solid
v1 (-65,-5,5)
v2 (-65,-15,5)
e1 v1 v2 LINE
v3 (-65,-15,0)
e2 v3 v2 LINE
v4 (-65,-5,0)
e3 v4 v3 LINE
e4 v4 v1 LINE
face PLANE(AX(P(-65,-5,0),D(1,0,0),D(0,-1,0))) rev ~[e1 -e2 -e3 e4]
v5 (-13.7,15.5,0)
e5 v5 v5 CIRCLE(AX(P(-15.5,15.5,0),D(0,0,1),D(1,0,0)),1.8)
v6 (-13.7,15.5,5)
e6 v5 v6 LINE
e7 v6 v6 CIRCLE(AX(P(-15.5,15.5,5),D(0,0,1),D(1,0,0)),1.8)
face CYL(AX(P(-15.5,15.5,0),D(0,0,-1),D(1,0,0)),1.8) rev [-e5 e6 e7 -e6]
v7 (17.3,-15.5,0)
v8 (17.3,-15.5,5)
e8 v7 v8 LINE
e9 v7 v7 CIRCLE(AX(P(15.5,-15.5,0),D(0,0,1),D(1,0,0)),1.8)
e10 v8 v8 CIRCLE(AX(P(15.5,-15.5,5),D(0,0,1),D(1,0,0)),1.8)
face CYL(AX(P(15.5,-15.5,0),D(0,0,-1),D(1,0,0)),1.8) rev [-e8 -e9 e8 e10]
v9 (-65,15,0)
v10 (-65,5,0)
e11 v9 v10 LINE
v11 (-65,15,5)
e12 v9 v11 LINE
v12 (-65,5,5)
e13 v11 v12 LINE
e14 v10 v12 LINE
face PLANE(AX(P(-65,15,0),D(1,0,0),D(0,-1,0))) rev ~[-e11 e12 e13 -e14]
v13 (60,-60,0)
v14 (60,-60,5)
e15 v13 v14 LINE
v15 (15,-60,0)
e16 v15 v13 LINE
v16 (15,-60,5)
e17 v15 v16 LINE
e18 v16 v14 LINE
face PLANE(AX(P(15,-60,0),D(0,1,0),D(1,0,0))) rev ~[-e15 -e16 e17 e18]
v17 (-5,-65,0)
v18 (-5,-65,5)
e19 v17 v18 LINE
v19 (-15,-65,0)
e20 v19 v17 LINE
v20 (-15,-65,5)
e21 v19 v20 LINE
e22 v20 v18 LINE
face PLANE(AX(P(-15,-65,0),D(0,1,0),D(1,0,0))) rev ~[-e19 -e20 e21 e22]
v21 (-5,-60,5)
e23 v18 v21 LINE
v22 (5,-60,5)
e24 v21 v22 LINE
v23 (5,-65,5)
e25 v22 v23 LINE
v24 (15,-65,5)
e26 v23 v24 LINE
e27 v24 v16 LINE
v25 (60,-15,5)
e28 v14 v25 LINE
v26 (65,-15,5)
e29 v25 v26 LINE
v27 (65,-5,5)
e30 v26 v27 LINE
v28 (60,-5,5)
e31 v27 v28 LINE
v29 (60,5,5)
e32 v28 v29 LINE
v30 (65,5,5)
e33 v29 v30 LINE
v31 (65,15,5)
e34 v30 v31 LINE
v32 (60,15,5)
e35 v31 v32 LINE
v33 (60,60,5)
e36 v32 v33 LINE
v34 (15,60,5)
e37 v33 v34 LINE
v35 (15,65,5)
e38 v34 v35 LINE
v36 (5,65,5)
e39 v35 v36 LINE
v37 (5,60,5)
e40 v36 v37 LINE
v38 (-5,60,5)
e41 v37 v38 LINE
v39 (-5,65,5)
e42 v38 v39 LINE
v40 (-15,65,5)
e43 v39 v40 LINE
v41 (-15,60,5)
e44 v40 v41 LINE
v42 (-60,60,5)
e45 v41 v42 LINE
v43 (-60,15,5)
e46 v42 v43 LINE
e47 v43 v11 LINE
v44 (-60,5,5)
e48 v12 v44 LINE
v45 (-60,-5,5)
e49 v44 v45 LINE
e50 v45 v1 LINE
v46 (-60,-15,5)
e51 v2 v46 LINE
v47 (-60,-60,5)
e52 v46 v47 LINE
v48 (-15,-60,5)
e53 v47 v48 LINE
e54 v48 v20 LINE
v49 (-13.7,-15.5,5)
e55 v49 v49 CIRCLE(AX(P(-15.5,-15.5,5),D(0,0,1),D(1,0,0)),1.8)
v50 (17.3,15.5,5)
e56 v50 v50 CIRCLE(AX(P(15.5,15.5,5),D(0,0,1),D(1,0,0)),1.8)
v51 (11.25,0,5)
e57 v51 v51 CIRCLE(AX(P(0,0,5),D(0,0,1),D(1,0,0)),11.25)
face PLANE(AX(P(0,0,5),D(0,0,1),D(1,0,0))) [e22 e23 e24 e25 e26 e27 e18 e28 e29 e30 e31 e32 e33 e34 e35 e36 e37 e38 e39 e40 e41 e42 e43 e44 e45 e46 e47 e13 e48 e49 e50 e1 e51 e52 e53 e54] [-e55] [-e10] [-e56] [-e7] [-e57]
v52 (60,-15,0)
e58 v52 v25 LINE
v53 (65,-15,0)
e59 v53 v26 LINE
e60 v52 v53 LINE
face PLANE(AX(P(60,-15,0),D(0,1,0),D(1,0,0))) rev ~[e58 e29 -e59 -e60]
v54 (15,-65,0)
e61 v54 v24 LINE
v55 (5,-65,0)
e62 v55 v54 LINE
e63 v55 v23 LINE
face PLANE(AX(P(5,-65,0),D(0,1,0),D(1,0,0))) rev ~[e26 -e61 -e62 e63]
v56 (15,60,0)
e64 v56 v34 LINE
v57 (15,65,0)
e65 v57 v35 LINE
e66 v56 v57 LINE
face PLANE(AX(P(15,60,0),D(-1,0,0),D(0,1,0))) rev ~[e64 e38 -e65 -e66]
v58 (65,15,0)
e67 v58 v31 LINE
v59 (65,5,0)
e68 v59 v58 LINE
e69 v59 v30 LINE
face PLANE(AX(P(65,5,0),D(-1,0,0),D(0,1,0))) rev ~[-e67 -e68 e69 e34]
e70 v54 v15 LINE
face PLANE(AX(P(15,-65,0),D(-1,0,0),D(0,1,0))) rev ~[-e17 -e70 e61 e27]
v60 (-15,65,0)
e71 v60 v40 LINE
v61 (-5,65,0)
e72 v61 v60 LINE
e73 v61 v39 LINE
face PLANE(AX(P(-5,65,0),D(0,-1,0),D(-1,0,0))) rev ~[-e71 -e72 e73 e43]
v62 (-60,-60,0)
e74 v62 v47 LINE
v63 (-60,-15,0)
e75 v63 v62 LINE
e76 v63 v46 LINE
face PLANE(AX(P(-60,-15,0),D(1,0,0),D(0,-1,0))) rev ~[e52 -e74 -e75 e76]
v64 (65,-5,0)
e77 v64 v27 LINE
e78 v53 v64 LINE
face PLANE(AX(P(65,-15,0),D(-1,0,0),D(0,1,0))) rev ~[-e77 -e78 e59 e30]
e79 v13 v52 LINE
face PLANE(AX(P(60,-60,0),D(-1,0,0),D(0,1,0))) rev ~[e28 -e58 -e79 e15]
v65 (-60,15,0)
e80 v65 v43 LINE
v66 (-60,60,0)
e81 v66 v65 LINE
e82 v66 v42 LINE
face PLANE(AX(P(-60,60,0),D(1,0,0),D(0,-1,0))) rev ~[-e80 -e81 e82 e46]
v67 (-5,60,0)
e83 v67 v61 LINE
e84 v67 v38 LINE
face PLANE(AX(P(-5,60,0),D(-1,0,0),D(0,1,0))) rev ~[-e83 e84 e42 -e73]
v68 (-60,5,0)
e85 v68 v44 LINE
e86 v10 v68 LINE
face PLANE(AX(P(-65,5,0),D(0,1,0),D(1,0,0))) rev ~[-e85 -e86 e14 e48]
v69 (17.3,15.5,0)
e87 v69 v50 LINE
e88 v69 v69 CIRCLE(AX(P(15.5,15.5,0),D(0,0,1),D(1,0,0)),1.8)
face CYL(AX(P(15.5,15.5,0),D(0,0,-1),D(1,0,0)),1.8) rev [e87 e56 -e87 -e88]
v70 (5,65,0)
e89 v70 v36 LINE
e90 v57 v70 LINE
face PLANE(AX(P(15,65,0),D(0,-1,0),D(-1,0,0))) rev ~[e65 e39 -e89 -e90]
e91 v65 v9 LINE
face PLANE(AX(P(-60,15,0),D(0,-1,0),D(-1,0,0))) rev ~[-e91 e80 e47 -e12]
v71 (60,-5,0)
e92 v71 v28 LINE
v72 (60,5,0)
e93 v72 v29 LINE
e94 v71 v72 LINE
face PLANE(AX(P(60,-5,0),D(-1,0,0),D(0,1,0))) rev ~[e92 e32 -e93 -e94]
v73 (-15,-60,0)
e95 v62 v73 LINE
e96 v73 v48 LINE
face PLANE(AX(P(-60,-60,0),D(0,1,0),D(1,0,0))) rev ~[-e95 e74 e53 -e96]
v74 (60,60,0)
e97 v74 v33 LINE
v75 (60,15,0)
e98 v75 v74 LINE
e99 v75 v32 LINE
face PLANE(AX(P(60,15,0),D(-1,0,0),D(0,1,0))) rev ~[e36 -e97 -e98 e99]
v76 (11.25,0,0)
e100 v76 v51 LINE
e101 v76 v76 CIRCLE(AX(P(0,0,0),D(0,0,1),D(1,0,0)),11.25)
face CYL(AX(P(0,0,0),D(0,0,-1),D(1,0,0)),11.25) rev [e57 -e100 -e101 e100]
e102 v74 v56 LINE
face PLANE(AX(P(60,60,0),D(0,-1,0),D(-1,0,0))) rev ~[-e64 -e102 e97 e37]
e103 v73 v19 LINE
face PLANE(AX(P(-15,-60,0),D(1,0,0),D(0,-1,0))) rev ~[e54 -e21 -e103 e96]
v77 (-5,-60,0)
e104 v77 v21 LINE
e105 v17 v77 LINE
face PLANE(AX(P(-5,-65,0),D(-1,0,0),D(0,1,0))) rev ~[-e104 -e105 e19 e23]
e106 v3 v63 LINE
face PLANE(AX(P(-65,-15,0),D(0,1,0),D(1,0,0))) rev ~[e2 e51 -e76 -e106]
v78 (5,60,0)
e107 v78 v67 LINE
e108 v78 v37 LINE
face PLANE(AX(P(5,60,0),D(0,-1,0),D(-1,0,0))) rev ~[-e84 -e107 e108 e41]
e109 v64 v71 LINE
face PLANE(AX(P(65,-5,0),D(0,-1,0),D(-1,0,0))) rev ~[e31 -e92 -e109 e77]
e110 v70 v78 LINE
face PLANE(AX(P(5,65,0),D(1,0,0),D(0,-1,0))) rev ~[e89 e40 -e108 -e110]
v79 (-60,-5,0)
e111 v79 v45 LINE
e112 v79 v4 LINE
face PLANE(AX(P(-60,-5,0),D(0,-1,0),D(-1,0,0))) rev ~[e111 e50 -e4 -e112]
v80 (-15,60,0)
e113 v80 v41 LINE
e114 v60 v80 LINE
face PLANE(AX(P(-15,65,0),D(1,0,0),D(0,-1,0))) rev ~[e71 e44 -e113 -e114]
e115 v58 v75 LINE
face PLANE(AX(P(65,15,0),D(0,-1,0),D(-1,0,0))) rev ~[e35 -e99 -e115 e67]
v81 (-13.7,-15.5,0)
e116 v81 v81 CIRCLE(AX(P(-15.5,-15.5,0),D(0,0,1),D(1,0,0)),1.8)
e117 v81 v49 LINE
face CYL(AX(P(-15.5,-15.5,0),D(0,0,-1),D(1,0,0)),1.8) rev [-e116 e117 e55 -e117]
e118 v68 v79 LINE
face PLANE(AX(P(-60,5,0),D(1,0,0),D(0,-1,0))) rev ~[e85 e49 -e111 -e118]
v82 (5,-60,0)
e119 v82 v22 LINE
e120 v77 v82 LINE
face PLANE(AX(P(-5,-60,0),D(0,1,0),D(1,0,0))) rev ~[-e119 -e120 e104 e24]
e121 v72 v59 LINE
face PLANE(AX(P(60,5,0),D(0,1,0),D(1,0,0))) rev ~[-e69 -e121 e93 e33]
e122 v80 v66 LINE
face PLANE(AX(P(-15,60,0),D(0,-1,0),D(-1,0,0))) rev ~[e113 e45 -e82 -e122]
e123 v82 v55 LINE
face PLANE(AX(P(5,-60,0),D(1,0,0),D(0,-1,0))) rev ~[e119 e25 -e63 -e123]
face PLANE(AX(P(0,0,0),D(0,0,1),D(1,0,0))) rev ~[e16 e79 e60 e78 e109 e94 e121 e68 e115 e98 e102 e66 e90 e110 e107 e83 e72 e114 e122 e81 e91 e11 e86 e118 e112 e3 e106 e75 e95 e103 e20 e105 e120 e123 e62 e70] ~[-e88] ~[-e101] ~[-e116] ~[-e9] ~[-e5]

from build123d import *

# Parameters (mm, degrees)
SKETCH1_R           = 11.25
SKETCH1_R_2         = 1.8
BOSS_EXTRUDE1_DEPTH = 5


with BuildPart() as part:
    # Sketch1 → Boss-Extrude1 (new body)
    with BuildSketch(Plane.XY):
        Polygon((5, 60), (-5, 60), (-5, 65), (-15, 65), (-15, 60), (-60, 60), (-60, 15), (-65, 15), (-65, 5), (-60, 5), (-60, -5), (-65, -5), (-65, -15), (-60, -15), (-60, -60), (-15, -60), (-15, -65), (-5, -65), (-5, -60), (5, -60), (5, -65), (15, -65), (15, -60), (60, -60), (60, -15), (65, -15), (65, -5), (60, -5), (60, 5), (65, 5), (65, 15), (60, 15), (60, 60), (15, 60), (15, 65), (5, 65), align=None)
        Circle(SKETCH1_R, mode=Mode.SUBTRACT)
        with Locations((-15.5, 15.5)):
            Circle(SKETCH1_R_2, mode=Mode.SUBTRACT)
        with Locations((15.5, 15.5)):
            Circle(SKETCH1_R_2, mode=Mode.SUBTRACT)
        with Locations((15.5, -15.5)):
            Circle(SKETCH1_R_2, mode=Mode.SUBTRACT)
        with Locations((-15.5, -15.5)):
            Circle(SKETCH1_R_2, mode=Mode.SUBTRACT)
    extrude(amount=BOSS_EXTRUDE1_DEPTH)


solid = part.part
